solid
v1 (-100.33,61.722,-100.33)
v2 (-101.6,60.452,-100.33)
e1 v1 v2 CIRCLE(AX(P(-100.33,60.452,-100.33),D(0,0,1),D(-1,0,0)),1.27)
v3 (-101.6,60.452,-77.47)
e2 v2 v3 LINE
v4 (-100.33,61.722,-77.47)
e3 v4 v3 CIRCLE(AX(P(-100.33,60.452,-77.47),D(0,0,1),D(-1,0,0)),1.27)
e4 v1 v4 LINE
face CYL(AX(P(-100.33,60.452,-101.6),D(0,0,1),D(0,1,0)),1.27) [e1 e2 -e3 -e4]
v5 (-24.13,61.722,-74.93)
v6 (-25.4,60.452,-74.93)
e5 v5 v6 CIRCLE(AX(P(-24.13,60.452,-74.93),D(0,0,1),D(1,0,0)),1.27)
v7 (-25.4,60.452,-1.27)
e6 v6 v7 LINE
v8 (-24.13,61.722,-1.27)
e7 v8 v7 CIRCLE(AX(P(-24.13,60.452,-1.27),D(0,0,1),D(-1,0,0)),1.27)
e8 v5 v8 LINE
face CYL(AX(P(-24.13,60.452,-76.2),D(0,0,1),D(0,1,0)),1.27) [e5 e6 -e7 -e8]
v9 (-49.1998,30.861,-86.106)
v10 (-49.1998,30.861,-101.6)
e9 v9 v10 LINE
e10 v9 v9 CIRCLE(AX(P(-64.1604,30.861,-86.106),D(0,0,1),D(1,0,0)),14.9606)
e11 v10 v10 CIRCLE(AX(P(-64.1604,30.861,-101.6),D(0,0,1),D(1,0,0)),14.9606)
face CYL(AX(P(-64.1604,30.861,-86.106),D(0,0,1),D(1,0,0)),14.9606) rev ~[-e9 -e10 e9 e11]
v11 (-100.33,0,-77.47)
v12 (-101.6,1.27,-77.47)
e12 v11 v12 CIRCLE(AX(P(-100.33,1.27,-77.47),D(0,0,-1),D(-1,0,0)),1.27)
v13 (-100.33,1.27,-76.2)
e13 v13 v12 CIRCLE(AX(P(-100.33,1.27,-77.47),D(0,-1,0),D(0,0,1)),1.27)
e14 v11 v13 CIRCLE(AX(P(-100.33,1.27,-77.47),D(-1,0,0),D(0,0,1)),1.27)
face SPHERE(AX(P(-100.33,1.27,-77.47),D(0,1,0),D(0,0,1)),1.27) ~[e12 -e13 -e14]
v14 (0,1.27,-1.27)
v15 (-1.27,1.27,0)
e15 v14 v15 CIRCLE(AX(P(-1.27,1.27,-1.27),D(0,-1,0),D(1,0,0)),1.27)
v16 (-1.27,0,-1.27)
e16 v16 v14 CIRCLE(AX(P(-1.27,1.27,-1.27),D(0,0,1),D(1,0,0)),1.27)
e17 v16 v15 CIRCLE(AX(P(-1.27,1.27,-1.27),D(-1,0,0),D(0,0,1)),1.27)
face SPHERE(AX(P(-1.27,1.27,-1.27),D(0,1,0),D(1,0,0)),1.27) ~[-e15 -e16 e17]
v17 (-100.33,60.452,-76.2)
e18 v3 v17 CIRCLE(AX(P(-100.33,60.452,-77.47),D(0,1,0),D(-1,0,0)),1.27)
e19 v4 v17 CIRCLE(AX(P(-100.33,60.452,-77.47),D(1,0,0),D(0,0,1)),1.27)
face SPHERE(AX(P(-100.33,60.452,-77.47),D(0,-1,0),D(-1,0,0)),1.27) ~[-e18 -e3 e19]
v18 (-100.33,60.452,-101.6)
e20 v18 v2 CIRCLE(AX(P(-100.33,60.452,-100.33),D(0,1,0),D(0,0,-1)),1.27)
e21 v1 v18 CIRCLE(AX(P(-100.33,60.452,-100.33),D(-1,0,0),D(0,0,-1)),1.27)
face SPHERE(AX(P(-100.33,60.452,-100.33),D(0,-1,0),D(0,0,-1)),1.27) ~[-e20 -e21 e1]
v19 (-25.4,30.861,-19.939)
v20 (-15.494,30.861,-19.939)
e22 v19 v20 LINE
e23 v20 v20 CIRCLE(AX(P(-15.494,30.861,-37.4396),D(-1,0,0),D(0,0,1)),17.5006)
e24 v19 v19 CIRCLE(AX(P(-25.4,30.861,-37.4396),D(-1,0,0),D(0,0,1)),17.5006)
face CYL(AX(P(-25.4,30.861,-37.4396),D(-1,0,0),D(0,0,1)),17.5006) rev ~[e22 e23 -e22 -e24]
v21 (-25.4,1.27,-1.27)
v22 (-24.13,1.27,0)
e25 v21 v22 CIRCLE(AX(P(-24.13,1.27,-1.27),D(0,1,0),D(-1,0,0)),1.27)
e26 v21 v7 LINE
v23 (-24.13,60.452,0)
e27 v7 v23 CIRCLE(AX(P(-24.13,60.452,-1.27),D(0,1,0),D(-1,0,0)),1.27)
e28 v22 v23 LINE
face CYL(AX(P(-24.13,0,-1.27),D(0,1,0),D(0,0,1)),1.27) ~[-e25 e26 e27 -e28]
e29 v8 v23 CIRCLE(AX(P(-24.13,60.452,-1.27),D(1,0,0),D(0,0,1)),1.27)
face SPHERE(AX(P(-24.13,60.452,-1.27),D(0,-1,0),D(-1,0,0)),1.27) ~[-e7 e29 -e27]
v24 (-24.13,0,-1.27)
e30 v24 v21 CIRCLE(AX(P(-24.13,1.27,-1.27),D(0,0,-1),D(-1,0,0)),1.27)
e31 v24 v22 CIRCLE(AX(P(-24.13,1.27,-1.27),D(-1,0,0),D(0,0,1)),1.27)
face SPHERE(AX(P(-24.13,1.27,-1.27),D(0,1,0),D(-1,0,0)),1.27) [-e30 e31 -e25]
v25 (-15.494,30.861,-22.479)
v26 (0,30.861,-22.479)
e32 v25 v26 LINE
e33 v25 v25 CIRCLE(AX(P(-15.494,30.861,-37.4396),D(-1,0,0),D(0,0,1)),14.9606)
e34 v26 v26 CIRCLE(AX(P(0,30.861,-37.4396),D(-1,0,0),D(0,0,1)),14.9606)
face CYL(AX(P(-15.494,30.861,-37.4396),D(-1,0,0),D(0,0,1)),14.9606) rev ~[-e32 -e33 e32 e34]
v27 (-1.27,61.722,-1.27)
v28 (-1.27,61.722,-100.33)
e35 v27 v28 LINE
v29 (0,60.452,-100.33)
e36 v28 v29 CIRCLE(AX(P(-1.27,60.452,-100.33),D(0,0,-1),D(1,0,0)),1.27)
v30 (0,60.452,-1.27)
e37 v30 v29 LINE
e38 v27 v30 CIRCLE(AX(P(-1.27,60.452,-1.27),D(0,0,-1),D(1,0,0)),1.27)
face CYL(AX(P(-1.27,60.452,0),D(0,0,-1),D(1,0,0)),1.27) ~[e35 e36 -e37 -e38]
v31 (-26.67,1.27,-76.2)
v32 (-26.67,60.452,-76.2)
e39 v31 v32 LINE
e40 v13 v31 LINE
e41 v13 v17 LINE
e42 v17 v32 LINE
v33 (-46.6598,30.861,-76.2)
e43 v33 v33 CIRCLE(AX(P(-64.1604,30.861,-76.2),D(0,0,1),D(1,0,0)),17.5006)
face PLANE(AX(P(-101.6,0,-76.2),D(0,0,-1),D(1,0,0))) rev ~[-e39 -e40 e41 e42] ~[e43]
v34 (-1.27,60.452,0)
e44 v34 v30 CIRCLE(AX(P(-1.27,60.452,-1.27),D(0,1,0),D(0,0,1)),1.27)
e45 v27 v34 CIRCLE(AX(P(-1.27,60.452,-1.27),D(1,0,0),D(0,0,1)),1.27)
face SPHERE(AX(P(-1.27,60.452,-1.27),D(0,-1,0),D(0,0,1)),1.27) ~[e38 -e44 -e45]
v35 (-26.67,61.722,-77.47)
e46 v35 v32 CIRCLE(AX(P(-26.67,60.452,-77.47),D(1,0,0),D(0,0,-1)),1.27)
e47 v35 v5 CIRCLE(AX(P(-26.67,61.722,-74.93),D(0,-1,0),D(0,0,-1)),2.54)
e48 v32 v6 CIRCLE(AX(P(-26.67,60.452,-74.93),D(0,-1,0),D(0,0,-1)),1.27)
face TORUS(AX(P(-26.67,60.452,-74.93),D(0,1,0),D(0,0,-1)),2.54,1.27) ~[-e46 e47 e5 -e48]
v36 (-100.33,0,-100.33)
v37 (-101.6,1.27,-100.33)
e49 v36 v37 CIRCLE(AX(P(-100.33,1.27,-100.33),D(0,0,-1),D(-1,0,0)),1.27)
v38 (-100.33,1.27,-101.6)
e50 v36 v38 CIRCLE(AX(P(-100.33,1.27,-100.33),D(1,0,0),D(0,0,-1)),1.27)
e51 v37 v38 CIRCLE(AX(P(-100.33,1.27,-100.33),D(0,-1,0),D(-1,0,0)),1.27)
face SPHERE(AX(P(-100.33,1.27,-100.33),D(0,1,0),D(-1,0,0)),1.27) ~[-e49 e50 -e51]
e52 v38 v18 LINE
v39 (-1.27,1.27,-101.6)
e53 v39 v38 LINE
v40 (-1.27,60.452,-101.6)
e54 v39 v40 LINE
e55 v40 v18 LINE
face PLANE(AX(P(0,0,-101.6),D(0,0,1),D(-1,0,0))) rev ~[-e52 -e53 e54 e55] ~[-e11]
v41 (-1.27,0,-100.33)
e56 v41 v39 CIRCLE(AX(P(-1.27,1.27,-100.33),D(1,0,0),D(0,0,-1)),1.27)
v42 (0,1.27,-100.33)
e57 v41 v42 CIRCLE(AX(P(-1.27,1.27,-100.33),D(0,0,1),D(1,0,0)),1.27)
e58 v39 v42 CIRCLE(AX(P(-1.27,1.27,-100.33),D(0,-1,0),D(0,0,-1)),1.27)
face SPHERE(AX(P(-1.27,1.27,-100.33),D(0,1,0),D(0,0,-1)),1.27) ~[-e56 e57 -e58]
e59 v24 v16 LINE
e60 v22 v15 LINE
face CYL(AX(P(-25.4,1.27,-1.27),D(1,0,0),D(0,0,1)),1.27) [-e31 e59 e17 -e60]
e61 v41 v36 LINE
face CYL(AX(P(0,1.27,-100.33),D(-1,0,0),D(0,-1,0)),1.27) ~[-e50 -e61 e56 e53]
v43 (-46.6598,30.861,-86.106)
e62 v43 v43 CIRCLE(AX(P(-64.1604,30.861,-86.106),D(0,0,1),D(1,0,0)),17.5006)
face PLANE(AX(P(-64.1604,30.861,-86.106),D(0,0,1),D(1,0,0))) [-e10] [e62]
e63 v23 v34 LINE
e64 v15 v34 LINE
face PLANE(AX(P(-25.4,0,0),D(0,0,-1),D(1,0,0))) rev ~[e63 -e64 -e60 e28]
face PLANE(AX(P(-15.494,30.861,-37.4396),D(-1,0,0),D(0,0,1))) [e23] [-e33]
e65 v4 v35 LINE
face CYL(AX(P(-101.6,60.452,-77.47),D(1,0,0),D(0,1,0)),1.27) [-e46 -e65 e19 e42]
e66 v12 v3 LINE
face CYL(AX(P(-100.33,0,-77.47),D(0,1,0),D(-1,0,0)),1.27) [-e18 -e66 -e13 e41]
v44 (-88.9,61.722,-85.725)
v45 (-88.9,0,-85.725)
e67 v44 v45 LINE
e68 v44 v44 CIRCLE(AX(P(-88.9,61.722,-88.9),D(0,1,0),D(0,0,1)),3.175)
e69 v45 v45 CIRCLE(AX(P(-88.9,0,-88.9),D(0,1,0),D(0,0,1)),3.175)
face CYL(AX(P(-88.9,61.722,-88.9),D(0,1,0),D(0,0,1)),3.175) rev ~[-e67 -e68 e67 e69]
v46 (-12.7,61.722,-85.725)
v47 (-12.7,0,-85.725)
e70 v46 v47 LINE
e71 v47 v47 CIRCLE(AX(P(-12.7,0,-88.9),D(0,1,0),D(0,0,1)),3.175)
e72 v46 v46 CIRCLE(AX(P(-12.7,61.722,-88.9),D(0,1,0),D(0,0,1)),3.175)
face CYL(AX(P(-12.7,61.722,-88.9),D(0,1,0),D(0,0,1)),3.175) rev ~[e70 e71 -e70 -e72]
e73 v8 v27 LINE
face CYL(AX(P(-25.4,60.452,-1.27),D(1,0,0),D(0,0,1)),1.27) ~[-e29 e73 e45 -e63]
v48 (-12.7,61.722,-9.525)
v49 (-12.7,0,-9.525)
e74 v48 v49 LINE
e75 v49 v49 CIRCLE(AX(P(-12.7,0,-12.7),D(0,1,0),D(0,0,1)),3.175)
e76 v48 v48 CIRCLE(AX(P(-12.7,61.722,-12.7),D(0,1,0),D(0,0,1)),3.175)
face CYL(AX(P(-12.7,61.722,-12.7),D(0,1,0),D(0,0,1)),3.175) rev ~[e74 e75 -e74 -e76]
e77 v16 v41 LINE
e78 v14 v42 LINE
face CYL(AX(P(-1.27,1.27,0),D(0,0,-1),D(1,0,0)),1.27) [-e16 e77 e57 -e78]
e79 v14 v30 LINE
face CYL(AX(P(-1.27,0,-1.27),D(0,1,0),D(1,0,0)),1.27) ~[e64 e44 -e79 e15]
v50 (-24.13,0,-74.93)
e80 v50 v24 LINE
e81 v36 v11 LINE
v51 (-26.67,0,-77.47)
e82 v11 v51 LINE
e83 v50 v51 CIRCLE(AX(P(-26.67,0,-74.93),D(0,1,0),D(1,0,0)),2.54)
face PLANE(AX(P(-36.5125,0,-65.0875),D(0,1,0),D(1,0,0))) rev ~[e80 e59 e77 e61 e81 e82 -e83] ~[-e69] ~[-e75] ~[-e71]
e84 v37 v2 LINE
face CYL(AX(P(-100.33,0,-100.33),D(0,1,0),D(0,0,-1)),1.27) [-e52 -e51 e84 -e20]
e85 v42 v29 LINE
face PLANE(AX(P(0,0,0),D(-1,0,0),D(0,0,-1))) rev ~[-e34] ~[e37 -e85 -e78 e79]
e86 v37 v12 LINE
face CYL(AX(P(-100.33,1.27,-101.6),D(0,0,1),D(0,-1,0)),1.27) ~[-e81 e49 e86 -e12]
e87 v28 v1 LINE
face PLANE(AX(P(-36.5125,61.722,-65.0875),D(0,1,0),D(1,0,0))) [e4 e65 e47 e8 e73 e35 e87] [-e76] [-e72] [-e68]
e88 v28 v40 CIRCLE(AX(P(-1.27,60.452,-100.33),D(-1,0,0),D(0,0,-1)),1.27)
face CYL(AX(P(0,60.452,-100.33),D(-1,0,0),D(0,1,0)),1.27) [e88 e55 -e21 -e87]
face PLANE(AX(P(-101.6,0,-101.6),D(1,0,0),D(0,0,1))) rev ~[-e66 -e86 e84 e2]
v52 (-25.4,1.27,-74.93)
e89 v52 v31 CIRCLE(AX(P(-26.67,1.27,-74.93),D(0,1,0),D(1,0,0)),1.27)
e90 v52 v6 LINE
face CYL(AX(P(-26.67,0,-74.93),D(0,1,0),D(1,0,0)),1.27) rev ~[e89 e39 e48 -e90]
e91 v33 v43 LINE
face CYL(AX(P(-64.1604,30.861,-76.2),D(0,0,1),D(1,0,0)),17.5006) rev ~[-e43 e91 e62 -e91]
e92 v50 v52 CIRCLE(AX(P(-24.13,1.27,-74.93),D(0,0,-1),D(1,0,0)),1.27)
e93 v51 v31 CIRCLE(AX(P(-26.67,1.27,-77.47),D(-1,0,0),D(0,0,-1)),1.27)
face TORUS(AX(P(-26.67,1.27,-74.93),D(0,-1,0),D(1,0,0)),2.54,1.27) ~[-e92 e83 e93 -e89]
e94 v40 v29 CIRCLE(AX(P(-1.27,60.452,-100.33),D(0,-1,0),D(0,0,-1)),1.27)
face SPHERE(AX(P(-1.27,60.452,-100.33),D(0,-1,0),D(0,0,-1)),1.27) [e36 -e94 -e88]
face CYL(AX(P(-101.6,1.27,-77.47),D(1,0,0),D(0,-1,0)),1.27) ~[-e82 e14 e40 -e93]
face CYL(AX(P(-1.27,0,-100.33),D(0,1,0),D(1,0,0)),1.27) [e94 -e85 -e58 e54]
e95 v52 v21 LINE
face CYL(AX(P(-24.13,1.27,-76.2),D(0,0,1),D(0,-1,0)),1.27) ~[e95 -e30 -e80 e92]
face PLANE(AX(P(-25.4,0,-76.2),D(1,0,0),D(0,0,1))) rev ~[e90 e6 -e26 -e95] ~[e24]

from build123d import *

# Parameters (mm, degrees)
BOSS_EXTRUDE1_DEPTH = 61.722
SKETCH3_R           = 17.5006
CUT_EXTRUDE1_DEPTH  = 9.906
SKETCH4_R           = 14.9606
CUT_EXTRUDE2_DEPTH  = 147.78694942
SKETCH5_R           = 3.175
CUT_EXTRUDE3_DEPTH  = 157.380066773
SKETCH6_R           = 17.5006
CUT_EXTRUDE4_DEPTH  = 9.906
SKETCH7_R           = 14.9606
CUT_EXTRUDE5_DEPTH  = 147.78694942
FILLET1_R           = 1.27


with BuildPart() as part:
    # Sketch2 → Boss-Extrude1 (new body)
    with BuildSketch(Plane(origin=(0, 0, 0), x_dir=(1, 0, 0), z_dir=(0, 1, 0))):
        Polygon((0, 0), (0, 101.6), (-101.6, 101.6), (-101.6, 76.2), (-25.4, 76.2), (-25.4, 0), align=None)
    extrude(amount=BOSS_EXTRUDE1_DEPTH)

    # Sketch3 → Cut-Extrude1 (cut)
    with BuildSketch(Plane.XY.offset(-76.2)):
        with Locations((-64.1604, 30.861)):
            Circle(SKETCH3_R)
    extrude(amount=-CUT_EXTRUDE1_DEPTH, mode=Mode.SUBTRACT)

    # Sketch4 → Cut-Extrude2 (cut, through all)
    with BuildSketch(Plane.XY.offset(-86.106)):
        with Locations((-64.1604, 30.861)):
            Circle(SKETCH4_R)
    extrude(amount=-CUT_EXTRUDE2_DEPTH, mode=Mode.SUBTRACT)

    # Sketch5 → Cut-Extrude3 (cut, through all)
    with BuildSketch(Plane(origin=(0, 61.722, 0), x_dir=(1, 0, 0), z_dir=(0, 1, 0))):
        with Locations(Location((-88.9, 88.9, 0), (0, 0, 270))):
            Circle(SKETCH5_R)
        with Locations(Location((-12.7, 88.9, 0), (0, 0, 270))):
            Circle(SKETCH5_R)
        with Locations(Location((-12.7, 12.7, 0), (0, 0, 270))):
            Circle(SKETCH5_R)
    extrude(amount=-CUT_EXTRUDE3_DEPTH, mode=Mode.SUBTRACT)

    # Sketch6 → Cut-Extrude4 (cut)
    with BuildSketch(Plane.ZY.offset(25.4)):
        with Locations((-37.4396, 30.861)):
            Circle(SKETCH6_R)
    extrude(amount=-CUT_EXTRUDE4_DEPTH, mode=Mode.SUBTRACT)

    # Sketch7 → Cut-Extrude5 (cut, through all)
    with BuildSketch(Plane.ZY.offset(15.494)):
        with Locations((-37.4396, 30.861)):
            Circle(SKETCH7_R)
    extrude(amount=-CUT_EXTRUDE5_DEPTH, mode=Mode.SUBTRACT)

    # Fillet1
    fillet1_edges = [part.edges().sort_by_distance(p)[0] for p in [
        (-25.4, 30.861, 0),
        (-25.4, 30.861, -76.2),
        (-101.6, 30.861, -76.2),
        (-101.6, 30.861, -101.6),
        (0, 30.861, -101.6),
        (0, 30.861, 0),
        (-50.8, 61.722, -101.6),
        (-101.6, 61.722, -88.9),
        (-63.5, 61.722, -76.2),
        (-25.4, 61.722, -38.1),
        (-12.7, 61.722, 0),
        (-25.4, 0, -38.1),
        (-63.5, 0, -76.2),
        (-101.6, 0, -88.9),
        (-50.8, 0, -101.6),
        (0, 0, -50.8),
        (-12.7, 0, 0),
        (0, 61.722, -50.8),
    ]]
    fillet(fillet1_edges, radius=FILLET1_R)


solid = part.part
